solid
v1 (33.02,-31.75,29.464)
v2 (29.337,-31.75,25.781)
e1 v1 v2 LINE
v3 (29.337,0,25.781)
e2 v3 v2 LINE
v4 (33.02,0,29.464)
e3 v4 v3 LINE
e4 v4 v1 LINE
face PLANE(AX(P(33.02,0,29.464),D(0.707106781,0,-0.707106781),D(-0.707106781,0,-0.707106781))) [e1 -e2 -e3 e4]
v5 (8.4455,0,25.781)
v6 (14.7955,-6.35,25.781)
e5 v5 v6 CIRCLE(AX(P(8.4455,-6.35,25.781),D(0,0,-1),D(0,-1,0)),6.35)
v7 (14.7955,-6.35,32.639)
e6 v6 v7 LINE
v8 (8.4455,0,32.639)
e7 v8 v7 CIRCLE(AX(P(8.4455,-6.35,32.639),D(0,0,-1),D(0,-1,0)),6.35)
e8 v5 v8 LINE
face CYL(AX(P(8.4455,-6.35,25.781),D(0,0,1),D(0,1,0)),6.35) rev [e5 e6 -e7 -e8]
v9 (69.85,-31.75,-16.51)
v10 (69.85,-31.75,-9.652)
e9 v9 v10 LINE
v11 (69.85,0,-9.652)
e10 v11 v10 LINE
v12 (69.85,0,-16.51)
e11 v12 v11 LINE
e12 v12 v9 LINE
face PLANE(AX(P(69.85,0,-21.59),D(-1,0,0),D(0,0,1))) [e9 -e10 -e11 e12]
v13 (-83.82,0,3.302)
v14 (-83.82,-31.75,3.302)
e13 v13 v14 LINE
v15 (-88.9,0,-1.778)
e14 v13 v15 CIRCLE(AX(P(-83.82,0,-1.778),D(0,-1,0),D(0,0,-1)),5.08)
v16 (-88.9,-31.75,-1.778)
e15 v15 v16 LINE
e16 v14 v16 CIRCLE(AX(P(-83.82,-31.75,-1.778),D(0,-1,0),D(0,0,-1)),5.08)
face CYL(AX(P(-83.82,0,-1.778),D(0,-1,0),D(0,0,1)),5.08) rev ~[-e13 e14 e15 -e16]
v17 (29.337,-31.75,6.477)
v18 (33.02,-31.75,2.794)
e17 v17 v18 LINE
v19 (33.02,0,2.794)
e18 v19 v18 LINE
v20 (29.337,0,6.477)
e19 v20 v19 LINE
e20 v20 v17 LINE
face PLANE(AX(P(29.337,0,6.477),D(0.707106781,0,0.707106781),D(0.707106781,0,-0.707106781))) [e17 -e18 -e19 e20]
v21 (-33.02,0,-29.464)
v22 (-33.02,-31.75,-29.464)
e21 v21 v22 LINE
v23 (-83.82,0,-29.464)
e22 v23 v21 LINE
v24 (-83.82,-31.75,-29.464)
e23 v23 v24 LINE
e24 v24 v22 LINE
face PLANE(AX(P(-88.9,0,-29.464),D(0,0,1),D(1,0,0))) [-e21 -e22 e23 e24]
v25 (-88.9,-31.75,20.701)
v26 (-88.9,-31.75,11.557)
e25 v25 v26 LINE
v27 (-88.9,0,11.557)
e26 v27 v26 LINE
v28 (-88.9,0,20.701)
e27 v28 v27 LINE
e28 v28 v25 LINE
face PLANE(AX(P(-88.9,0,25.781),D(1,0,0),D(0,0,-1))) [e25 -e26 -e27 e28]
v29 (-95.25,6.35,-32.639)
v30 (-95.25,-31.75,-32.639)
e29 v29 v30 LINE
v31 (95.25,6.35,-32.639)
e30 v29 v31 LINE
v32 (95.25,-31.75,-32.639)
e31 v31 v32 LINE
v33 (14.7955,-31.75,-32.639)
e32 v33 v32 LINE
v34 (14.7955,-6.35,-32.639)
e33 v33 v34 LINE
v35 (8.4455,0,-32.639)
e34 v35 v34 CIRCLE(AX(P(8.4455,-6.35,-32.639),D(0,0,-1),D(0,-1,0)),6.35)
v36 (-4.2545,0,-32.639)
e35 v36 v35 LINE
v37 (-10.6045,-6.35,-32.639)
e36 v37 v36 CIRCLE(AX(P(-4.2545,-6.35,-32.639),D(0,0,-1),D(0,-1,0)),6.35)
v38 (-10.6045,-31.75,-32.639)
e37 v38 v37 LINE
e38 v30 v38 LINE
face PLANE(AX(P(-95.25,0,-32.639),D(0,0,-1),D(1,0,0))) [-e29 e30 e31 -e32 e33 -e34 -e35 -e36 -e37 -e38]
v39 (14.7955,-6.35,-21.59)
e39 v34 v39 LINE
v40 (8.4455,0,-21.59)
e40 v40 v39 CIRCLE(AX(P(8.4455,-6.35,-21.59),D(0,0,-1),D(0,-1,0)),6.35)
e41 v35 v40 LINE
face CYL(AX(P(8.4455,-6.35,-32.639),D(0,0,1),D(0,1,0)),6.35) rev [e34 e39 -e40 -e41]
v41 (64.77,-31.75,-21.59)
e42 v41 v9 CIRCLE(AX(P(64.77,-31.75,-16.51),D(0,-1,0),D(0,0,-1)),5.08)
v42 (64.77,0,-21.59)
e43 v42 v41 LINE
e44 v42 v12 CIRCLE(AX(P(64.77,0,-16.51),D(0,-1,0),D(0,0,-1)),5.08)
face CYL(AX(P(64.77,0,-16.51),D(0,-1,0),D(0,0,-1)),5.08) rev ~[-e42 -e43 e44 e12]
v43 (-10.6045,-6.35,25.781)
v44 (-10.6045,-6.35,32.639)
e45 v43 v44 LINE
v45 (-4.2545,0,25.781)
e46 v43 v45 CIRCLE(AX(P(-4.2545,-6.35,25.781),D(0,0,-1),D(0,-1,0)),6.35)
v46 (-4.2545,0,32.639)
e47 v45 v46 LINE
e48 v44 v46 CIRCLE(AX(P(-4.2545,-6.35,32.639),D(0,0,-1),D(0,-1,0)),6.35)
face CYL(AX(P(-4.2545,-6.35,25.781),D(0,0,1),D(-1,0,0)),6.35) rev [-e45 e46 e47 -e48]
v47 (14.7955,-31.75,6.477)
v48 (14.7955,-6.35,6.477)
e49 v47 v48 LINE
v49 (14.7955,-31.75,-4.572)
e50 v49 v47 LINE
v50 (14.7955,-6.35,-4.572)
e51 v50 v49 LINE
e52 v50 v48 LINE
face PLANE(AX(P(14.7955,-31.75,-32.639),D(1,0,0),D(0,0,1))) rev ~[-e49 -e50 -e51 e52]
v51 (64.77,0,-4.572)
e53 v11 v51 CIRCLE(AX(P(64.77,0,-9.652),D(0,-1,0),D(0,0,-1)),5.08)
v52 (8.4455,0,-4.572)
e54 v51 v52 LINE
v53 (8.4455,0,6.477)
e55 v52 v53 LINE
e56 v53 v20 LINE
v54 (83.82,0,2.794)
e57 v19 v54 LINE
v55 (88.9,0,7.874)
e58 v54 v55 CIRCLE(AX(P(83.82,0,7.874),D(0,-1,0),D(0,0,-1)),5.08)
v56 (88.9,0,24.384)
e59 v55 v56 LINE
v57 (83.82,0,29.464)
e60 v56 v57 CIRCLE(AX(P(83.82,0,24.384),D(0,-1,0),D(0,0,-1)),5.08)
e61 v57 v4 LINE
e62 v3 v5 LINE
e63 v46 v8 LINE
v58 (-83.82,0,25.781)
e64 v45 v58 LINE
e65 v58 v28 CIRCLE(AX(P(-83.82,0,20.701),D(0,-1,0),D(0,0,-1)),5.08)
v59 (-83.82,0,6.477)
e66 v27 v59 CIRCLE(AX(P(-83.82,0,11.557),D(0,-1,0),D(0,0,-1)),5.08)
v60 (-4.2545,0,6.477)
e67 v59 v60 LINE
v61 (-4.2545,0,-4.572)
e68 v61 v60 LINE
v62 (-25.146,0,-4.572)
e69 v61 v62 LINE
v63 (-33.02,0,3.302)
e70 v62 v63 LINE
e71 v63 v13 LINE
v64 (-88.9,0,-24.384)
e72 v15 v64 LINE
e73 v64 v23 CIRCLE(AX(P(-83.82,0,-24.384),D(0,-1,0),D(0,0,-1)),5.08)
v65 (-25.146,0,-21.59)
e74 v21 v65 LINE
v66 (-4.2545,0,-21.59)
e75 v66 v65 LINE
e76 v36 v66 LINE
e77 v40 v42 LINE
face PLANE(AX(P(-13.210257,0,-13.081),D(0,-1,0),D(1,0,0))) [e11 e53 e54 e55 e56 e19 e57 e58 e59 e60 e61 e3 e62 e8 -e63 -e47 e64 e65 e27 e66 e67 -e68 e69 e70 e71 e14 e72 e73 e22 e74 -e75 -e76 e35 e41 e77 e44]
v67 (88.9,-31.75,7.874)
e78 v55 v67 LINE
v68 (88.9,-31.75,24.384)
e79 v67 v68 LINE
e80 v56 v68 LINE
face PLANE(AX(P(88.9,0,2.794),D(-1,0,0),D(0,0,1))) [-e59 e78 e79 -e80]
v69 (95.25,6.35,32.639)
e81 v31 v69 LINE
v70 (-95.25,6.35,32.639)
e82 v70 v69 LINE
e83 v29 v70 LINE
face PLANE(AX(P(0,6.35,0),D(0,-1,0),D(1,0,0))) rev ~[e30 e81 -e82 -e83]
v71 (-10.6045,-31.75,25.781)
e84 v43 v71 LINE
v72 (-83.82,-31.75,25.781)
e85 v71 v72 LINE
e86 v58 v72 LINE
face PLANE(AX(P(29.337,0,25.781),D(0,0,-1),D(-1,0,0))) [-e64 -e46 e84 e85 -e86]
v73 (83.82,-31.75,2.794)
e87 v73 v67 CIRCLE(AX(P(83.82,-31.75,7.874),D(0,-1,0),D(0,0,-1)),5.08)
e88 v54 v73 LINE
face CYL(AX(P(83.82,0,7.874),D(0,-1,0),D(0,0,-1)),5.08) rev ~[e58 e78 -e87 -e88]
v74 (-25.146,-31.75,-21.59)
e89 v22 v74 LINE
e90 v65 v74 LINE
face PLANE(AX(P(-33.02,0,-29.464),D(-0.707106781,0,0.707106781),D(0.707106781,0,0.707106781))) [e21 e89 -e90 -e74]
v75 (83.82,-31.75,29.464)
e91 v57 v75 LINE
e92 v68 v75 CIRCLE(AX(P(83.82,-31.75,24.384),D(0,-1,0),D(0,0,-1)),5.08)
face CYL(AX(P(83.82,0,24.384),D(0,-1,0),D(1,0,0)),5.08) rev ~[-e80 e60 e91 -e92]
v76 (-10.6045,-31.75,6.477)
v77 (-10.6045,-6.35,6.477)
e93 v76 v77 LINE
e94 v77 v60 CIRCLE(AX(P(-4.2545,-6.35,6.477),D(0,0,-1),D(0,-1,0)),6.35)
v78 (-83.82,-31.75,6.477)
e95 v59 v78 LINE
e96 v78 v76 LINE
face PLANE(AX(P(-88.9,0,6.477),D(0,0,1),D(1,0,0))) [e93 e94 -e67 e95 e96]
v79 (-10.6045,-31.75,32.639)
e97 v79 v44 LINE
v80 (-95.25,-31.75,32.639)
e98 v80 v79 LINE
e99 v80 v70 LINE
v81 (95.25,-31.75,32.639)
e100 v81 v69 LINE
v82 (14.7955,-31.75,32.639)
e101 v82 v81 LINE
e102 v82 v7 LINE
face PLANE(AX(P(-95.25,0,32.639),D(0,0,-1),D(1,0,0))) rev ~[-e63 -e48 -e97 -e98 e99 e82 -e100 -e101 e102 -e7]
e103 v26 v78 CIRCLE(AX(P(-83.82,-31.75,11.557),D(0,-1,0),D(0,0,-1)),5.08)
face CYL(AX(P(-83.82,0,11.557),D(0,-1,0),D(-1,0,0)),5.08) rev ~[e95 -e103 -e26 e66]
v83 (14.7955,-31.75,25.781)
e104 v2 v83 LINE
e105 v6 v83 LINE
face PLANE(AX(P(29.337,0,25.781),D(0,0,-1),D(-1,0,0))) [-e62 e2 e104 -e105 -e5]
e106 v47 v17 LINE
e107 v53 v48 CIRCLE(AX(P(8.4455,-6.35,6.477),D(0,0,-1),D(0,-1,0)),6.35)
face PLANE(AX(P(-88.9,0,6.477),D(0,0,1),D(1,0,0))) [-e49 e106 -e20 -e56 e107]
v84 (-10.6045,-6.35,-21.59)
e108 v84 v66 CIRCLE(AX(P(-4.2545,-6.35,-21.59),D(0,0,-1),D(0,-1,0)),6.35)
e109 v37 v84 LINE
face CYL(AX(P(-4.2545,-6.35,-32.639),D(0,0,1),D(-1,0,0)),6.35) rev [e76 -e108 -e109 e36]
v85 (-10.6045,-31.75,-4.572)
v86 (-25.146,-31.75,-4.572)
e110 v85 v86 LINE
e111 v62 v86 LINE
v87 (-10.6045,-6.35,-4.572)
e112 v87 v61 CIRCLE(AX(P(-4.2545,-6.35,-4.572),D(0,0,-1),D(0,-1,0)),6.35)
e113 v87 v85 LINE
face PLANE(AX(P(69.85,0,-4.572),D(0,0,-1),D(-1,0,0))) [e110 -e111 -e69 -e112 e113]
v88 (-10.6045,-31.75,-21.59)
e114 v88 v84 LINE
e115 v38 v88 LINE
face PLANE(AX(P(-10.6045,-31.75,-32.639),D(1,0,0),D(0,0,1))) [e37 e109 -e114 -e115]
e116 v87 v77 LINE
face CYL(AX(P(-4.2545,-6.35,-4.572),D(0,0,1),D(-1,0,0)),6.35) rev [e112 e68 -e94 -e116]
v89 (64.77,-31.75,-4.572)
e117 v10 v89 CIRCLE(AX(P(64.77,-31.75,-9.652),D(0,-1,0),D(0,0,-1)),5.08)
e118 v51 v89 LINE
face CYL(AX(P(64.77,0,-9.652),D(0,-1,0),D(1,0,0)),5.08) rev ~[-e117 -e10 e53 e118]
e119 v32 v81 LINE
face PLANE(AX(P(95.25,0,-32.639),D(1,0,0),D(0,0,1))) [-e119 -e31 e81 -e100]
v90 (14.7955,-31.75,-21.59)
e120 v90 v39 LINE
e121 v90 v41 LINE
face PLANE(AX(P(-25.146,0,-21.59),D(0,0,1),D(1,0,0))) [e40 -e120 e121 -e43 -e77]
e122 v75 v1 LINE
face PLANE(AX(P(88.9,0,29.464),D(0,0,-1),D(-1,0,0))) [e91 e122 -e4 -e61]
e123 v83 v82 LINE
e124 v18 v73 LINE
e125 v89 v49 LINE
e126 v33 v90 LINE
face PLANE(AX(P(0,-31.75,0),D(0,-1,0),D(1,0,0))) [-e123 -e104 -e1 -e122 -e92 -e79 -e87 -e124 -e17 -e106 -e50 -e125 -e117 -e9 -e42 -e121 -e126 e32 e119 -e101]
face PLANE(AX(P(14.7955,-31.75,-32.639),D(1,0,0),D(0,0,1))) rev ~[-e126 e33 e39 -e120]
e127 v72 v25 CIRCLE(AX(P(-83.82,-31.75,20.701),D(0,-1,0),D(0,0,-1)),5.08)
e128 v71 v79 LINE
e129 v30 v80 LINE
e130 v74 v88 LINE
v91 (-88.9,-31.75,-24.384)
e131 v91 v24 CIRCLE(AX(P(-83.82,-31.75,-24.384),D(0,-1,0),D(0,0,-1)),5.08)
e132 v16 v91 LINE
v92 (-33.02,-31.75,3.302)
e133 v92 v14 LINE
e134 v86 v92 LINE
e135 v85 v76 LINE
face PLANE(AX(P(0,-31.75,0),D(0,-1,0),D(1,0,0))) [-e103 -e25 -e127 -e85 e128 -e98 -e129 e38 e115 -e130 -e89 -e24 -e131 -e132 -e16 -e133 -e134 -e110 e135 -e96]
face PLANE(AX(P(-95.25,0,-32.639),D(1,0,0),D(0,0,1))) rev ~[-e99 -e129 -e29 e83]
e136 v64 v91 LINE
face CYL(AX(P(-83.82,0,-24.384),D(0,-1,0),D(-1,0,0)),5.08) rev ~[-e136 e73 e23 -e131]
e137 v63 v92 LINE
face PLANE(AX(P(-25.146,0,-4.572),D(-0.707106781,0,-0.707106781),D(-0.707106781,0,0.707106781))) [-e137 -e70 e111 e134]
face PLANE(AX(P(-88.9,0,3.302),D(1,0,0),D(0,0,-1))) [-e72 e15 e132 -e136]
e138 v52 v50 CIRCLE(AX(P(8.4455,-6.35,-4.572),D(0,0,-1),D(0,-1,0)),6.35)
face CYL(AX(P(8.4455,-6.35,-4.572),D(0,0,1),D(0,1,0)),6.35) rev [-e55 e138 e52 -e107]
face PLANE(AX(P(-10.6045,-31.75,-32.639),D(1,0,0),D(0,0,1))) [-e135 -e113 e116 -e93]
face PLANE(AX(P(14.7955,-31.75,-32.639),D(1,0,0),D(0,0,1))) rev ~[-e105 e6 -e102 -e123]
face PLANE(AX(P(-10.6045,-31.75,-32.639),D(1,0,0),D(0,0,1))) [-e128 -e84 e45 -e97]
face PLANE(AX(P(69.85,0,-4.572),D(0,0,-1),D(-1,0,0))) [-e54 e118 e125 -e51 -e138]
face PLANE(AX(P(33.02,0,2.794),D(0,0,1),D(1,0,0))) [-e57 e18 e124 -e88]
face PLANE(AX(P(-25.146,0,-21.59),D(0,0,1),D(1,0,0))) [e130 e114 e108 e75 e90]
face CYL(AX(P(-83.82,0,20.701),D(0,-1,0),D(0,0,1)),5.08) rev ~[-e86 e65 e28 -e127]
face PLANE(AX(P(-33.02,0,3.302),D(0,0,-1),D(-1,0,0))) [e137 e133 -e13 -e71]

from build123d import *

# Parameters (mm, degrees)
F0_W          = 190.5
F0_H          = 65.278
F1_DEPTH      = 31.75
F1_DEPTH_BACK = 6.35
F3_DEPTH      = 31.75
F4_R          = 5.08
F5_W          = 25.4
F5_H          = 65.278
F6_DEPTH      = 31.75
F7_R          = 6.35


with BuildPart() as f1:
    # F0 (on Front) → F1 (new body, two sides)
    with BuildSketch(Plane.XZ) as f1_sk:
        Rectangle(F0_W, F0_H)
    extrude(amount=F1_DEPTH)
    extrude(f1_sk.sketch, amount=-F1_DEPTH_BACK)

    # F2 (on Front) → F3 (cut, through all)
    with BuildSketch(Plane.XZ):
        Polygon((29.337, 25.781), (-88.9, 25.781), (-88.9, 6.477), (29.337, 6.477), (33.02, 2.794), (88.9, 2.794), (88.9, 29.464), (33.02, 29.464), align=None)
        Polygon((-33.02, 3.302), (-88.9, 3.302), (-88.9, -29.464), (-33.02, -29.464), (-25.146, -21.59), (69.85, -21.59), (69.85, -4.572), (-25.146, -4.572), align=None)
    extrude(amount=F3_DEPTH, mode=Mode.SUBTRACT)

    # F4
    f4_edges = [f1.edges().sort_by_distance(p)[0] for p in [
        (-88.9, -15.875, 3.302),
        (-88.9, -15.875, -29.464),
        (69.85, -15.875, -4.572),
        (69.85, -15.875, -21.59),
        (88.9, -15.875, 2.794),
        (88.9, -15.875, 29.464),
        (-88.9, -15.875, 25.781),
        (-88.9, -15.875, 6.477),
    ]]
    fillet(f4_edges, radius=F4_R)

    # F5 (on face) → F6 (cut)
    with BuildSketch(Plane.XZ.offset(31.75)):
        with Locations((2.0955, 0)):
            Rectangle(F5_W, F5_H)
    extrude(amount=-F6_DEPTH, mode=Mode.SUBTRACT)

    # F7
    f7_edges = [f1.edges().sort_by_distance(p)[0] for p in [
        (14.7955, 0, -27.1145),
        (14.7955, 0, 0.9525),
        (14.7955, 0, 29.21),
        (-10.6045, 0, 29.21),
        (-10.6045, 0, 0.9525),
        (-10.6045, 0, -27.1145),
    ]]
    fillet(f7_edges, radius=F7_R)


solid = f1.part
